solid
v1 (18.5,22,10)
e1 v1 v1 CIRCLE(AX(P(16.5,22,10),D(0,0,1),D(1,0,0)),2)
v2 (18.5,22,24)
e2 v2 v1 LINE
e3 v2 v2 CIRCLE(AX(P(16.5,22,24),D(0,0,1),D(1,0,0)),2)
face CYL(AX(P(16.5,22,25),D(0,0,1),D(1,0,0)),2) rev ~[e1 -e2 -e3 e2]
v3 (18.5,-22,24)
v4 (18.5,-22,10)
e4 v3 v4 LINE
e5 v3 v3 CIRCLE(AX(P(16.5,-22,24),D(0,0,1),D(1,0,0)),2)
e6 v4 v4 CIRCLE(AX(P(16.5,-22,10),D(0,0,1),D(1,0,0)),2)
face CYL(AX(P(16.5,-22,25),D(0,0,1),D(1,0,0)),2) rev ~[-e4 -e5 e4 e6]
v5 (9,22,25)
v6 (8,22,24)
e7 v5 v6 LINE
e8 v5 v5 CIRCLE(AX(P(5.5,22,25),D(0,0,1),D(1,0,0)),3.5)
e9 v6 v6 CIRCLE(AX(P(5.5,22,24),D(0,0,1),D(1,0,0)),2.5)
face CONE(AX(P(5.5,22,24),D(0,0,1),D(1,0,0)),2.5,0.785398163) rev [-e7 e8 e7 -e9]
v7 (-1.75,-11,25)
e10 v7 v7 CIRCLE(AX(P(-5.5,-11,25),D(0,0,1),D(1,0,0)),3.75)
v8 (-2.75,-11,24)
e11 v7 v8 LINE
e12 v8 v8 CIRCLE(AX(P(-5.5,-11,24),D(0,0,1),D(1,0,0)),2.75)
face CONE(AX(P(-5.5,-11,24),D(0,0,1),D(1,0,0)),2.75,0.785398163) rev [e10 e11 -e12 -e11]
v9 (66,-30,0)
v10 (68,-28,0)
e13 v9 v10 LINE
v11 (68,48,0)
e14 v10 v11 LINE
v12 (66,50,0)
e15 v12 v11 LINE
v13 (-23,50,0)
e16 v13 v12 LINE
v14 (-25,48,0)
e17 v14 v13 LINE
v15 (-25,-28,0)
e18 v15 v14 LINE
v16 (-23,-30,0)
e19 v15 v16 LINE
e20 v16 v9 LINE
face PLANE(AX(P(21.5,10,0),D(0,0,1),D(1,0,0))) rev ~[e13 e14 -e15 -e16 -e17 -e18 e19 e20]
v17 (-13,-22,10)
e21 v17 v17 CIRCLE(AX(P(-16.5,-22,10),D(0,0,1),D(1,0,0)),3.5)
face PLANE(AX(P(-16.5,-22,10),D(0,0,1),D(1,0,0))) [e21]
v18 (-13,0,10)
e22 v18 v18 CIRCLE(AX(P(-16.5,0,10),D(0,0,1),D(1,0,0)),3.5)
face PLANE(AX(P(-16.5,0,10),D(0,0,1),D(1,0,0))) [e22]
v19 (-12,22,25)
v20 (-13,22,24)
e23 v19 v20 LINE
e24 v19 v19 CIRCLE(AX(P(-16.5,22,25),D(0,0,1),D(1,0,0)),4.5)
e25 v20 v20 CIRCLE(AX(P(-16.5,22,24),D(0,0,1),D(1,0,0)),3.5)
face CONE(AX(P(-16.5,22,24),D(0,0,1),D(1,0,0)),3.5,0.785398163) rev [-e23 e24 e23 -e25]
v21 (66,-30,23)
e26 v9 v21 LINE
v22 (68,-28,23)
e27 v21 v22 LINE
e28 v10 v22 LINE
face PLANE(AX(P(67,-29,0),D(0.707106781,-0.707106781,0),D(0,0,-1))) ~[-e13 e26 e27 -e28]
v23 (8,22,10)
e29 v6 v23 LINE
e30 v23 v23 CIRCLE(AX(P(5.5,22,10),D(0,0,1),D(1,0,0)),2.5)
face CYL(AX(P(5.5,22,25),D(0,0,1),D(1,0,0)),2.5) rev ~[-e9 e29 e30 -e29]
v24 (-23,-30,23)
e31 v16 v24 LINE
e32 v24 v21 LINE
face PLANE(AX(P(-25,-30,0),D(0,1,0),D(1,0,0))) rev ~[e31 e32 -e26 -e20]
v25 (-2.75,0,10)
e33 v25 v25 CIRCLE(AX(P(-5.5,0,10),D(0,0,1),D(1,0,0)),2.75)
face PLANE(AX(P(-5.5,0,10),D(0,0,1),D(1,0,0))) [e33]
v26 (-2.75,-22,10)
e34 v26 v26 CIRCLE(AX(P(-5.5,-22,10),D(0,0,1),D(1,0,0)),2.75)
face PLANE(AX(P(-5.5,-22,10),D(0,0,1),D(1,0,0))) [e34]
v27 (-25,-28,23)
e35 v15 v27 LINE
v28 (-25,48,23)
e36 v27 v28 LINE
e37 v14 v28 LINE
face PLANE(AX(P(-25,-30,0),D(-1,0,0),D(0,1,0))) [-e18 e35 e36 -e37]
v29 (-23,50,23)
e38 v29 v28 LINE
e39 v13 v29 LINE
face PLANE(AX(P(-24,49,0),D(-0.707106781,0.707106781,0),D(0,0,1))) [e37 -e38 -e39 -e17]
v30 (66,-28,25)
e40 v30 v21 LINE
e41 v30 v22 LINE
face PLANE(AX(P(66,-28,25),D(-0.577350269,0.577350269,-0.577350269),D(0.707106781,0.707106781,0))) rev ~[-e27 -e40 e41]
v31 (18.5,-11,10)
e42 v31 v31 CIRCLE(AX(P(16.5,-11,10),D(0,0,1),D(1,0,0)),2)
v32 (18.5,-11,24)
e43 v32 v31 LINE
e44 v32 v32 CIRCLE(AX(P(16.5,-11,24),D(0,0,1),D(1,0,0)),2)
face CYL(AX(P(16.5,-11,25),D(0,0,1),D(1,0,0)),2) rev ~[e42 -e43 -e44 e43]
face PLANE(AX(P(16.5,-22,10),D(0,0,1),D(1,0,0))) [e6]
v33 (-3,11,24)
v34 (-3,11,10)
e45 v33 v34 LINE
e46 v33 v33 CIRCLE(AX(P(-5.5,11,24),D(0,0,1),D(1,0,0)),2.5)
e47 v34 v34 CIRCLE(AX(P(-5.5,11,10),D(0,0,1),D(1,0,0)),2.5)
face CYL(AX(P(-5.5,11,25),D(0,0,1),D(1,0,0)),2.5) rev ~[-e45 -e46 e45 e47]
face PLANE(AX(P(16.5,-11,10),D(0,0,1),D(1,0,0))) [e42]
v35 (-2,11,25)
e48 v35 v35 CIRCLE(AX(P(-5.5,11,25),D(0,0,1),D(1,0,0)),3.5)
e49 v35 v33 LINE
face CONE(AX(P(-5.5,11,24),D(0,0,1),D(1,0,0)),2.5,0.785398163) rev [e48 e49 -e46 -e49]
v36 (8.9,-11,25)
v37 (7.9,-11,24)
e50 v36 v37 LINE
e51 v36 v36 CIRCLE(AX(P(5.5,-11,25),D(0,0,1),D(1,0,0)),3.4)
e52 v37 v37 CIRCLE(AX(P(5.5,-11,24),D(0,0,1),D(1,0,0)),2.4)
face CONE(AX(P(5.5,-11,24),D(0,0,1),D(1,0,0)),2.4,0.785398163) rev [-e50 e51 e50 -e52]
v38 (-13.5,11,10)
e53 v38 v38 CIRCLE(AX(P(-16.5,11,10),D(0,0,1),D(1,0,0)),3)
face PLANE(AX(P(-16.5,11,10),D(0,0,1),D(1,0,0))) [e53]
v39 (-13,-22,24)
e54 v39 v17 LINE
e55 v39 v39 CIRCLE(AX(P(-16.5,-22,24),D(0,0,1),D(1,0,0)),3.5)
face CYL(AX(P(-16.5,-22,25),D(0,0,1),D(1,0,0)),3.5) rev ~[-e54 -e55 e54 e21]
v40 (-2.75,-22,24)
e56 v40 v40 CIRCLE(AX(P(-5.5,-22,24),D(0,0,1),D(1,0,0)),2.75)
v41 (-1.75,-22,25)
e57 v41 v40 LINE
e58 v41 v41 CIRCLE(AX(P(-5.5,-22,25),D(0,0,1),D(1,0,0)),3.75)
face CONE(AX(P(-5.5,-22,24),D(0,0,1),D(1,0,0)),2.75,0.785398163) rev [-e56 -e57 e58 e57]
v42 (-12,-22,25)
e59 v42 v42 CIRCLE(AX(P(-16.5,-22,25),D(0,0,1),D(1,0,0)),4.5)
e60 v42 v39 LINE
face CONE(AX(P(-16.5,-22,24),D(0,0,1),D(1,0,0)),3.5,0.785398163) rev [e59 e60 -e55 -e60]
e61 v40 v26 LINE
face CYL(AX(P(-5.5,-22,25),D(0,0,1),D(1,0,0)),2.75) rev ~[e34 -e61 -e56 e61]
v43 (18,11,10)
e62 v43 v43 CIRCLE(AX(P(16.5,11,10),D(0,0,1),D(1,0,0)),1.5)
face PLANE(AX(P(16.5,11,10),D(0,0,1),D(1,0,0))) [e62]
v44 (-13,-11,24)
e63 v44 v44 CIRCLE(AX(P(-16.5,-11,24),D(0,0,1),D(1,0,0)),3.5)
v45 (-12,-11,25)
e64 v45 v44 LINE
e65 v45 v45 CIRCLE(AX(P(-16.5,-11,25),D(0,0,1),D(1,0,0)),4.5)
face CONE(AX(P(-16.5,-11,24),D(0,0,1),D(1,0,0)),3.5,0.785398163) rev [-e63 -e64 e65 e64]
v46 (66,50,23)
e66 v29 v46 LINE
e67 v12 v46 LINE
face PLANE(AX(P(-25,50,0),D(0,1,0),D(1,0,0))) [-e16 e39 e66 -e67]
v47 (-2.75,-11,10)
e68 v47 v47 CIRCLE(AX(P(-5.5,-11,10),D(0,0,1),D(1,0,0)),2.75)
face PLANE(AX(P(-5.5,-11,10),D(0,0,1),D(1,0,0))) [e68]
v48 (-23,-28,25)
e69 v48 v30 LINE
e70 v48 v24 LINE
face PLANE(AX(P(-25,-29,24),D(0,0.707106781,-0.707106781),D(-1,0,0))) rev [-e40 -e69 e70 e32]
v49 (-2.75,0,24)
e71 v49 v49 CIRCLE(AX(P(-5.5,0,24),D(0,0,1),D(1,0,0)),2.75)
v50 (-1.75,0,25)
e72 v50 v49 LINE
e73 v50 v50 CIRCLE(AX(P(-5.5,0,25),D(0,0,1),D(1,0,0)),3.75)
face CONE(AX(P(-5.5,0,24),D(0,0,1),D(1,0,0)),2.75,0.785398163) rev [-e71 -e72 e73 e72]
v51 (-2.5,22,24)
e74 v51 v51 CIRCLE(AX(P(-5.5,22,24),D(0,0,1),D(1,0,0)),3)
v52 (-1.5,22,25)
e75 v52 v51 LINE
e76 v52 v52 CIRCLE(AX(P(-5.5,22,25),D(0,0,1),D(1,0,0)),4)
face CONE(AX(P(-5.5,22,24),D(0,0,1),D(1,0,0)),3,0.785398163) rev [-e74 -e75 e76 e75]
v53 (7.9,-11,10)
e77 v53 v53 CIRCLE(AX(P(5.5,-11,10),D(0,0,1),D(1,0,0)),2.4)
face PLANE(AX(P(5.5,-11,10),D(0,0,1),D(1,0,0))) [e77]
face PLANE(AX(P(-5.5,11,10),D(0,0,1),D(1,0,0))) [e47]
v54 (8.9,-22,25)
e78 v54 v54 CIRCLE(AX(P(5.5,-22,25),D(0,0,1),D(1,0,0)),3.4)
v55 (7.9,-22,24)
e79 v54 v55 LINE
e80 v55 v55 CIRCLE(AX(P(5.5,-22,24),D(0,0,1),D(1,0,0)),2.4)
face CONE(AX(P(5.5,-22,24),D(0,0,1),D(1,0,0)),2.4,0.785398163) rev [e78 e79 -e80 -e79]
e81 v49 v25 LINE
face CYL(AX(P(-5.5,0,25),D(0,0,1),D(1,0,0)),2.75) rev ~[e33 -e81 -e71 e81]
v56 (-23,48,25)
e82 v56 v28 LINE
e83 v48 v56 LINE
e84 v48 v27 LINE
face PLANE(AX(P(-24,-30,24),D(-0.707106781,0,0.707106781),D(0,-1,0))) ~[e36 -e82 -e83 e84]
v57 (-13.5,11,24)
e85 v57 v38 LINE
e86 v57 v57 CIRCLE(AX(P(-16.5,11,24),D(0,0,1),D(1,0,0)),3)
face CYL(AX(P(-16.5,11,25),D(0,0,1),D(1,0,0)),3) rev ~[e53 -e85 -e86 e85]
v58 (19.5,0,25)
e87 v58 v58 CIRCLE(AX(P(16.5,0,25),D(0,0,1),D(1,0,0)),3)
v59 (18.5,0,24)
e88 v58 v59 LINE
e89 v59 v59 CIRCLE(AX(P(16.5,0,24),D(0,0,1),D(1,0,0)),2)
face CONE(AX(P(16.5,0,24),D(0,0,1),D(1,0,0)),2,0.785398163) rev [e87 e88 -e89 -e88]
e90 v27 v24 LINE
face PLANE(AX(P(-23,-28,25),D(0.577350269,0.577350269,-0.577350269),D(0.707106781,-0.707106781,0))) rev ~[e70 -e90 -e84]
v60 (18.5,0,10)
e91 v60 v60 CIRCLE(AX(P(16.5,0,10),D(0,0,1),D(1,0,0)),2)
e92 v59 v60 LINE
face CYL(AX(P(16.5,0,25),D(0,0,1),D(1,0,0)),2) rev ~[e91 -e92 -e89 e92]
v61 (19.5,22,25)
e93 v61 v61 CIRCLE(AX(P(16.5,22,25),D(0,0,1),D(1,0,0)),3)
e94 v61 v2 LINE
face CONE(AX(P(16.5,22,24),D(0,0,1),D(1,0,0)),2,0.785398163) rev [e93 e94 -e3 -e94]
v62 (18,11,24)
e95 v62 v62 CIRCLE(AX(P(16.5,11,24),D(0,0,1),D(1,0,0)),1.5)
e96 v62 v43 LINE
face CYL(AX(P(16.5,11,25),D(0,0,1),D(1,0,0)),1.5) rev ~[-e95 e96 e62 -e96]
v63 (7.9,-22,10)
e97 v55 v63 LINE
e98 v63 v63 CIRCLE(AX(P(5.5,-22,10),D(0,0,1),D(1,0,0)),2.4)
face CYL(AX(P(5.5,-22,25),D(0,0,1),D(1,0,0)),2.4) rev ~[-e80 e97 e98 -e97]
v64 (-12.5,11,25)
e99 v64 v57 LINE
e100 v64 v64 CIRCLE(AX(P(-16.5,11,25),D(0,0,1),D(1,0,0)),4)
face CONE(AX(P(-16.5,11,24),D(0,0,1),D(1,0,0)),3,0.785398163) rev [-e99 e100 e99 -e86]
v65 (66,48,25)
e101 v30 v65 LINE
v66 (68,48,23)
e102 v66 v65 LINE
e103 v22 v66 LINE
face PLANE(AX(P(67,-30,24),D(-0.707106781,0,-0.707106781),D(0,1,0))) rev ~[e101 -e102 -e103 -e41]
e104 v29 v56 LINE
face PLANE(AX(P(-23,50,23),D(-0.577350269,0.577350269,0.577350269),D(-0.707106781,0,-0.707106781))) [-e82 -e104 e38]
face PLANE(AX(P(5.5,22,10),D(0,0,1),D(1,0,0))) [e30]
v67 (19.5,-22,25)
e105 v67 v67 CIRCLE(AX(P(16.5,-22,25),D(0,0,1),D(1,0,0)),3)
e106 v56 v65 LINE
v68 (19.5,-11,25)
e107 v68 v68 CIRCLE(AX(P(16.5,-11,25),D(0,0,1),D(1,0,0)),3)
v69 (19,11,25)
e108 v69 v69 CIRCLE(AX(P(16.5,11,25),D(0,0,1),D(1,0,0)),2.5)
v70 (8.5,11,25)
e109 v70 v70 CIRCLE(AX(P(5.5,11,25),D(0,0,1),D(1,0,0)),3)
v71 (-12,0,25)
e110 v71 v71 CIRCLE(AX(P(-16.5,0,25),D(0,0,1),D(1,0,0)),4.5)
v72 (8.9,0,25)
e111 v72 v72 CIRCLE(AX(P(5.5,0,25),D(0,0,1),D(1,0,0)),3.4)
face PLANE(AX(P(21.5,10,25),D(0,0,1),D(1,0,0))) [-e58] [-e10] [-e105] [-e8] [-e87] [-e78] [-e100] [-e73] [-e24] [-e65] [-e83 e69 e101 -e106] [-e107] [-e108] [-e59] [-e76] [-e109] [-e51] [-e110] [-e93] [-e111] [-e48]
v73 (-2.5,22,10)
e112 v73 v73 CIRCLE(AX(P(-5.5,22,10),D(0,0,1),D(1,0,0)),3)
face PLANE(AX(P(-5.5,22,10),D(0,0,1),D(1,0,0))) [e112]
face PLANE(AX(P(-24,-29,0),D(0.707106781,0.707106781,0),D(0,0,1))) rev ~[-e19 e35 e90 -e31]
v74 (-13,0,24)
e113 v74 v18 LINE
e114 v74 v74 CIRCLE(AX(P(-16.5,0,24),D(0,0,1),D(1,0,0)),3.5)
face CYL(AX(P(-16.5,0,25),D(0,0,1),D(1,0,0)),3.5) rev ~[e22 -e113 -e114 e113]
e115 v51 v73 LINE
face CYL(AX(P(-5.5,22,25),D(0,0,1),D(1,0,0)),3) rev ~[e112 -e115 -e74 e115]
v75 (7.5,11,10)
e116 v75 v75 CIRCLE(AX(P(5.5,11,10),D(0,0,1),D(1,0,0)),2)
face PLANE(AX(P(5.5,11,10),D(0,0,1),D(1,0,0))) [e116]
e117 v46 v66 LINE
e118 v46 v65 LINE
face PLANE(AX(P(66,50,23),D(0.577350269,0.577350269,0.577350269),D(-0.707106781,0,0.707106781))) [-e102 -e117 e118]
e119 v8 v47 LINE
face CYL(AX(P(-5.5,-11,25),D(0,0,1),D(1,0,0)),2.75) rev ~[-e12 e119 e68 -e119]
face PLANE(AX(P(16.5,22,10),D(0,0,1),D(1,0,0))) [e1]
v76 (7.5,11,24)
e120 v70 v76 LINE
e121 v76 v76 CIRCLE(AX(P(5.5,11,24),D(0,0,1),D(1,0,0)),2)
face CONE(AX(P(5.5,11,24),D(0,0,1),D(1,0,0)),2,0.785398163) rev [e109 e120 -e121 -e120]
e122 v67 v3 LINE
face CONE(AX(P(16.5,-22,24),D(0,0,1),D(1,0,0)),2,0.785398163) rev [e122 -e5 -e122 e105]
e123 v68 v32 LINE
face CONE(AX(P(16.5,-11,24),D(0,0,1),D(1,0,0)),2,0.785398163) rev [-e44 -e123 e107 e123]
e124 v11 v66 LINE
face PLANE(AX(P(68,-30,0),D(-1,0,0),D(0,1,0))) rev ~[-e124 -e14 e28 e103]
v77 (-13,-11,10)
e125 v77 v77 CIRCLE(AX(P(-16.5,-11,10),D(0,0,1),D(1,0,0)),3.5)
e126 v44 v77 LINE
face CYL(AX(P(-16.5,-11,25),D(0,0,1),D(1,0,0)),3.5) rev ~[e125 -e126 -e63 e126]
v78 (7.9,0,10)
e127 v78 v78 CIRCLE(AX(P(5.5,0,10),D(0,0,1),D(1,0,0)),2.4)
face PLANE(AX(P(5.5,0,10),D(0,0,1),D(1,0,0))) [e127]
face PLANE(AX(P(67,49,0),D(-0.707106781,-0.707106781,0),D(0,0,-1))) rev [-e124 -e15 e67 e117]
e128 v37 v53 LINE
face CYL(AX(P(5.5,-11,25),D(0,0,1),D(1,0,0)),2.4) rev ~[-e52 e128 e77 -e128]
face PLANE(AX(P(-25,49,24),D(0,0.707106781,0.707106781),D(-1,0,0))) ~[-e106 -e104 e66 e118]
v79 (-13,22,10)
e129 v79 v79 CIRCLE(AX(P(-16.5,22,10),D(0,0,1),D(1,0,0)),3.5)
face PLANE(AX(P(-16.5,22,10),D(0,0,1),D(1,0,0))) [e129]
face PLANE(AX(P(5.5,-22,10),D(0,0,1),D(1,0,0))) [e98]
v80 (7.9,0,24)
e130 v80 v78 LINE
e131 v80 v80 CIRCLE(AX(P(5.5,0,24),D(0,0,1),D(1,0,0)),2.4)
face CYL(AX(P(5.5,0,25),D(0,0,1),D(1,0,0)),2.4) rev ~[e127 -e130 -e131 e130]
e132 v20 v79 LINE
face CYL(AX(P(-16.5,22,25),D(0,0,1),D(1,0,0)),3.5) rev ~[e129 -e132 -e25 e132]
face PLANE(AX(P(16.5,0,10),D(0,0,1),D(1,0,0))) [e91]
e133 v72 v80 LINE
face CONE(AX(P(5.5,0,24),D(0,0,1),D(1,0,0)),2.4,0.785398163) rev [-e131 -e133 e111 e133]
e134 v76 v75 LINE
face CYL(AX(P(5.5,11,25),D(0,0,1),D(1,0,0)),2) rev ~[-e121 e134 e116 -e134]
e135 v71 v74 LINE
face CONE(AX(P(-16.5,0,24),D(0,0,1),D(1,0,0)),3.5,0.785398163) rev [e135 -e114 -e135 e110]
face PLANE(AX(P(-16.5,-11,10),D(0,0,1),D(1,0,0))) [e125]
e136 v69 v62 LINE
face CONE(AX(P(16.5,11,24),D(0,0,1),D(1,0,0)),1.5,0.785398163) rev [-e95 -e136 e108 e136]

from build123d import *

# Parameters (mm, degrees)
SKETCH_W        = 93
SKETCH_H        = 80
PAD_DEPTH       = 25
SKETCH001_R     = 3.5
SKETCH001_R_2   = 3
SKETCH001_R_3   = 2.75
SKETCH001_R_4   = 2.5
SKETCH001_R_5   = 2.4
SKETCH001_R_6   = 2
SKETCH001_R_7   = 1.5
POCKET_DEPTH    = 15
CHAMFER_SIZE    = 2
CHAMFER001_SIZE = 1


with BuildPart() as part:
    # Sketch → Pad (new body)
    with BuildSketch(Plane.XY):
        with Locations((21.5, 10)):
            Rectangle(SKETCH_W, SKETCH_H)
    extrude(amount=PAD_DEPTH)

    # Sketch001 (on Face6 of Pad) → Pocket (cut)
    with BuildSketch(Plane.XY.offset(25)):
        with Locations((-16.5, -22)):
            Circle(SKETCH001_R)
        with Locations((-16.5, -11)):
            Circle(SKETCH001_R)
        with Locations((-16.5, 0)):
            Circle(SKETCH001_R)
        with Locations((-16.5, 11)):
            Circle(SKETCH001_R_2)
        with Locations((-5.5, -22)):
            Circle(SKETCH001_R_3)
        with Locations((-5.5, -11)):
            Circle(SKETCH001_R_3)
        with Locations((-5.5, 0)):
            Circle(SKETCH001_R_3)
        with Locations((-5.5, 11)):
            Circle(SKETCH001_R_4)
        with Locations((5.5, -22)):
            Circle(SKETCH001_R_5)
        with Locations((5.5, -11)):
            Circle(SKETCH001_R_5)
        with Locations((5.5, 0)):
            Circle(SKETCH001_R_5)
        with Locations((5.5, 11)):
            Circle(SKETCH001_R_6)
        with Locations((16.5, -22)):
            Circle(SKETCH001_R_6)
        with Locations((16.5, -11)):
            Circle(SKETCH001_R_6)
        with Locations((16.5, 0)):
            Circle(SKETCH001_R_6)
        with Locations((16.5, 11)):
            Circle(SKETCH001_R_7)
        with Locations((-16.5, 22)):
            Circle(SKETCH001_R)
        with Locations((-5.5, 22)):
            Circle(SKETCH001_R_2)
        with Locations((5.5, 22)):
            Circle(SKETCH001_R_4)
        with Locations((16.5, 22)):
            Circle(SKETCH001_R_6)
    extrude(amount=-POCKET_DEPTH, mode=Mode.SUBTRACT)

    # Chamfer
    chamfer_edges = [part.edges().sort_by_distance(p)[0] for p in [
        (68, -30, 12.5),
        (-25, -30, 12.5),
        (-25, 10, 25),
        (21.5, -30, 25),
        (68, 10, 25),
        (68, 50, 12.5),
        (21.5, 50, 25),
        (-25, 50, 12.5),
    ]]
    chamfer(chamfer_edges, length=CHAMFER_SIZE)

    # Chamfer001
    chamfer001_edges = [part.edges().sort_by_distance(p)[0] for p in [
        (-20, -22, 25),
        (-8.25, -22, 25),
        (3.1, -22, 25),
        (14.5, -22, 25),
        (14.5, -11, 25),
        (14.5, 0, 25),
        (15, 11, 25),
        (14.5, 22, 25),
        (3, 22, 25),
        (3.5, 11, 25),
        (3.1, 0, 25),
        (3.1, -11, 25),
        (-8.25, -11, 25),
        (-8.25, 0, 25),
        (-8, 11, 25),
        (-8.5, 22, 25),
        (-20, 22, 25),
        (-19.5, 11, 25),
        (-20, 0, 25),
        (-20, -11, 25),
    ]]
    chamfer(chamfer001_edges, length=CHAMFER001_SIZE)


solid = part.part
